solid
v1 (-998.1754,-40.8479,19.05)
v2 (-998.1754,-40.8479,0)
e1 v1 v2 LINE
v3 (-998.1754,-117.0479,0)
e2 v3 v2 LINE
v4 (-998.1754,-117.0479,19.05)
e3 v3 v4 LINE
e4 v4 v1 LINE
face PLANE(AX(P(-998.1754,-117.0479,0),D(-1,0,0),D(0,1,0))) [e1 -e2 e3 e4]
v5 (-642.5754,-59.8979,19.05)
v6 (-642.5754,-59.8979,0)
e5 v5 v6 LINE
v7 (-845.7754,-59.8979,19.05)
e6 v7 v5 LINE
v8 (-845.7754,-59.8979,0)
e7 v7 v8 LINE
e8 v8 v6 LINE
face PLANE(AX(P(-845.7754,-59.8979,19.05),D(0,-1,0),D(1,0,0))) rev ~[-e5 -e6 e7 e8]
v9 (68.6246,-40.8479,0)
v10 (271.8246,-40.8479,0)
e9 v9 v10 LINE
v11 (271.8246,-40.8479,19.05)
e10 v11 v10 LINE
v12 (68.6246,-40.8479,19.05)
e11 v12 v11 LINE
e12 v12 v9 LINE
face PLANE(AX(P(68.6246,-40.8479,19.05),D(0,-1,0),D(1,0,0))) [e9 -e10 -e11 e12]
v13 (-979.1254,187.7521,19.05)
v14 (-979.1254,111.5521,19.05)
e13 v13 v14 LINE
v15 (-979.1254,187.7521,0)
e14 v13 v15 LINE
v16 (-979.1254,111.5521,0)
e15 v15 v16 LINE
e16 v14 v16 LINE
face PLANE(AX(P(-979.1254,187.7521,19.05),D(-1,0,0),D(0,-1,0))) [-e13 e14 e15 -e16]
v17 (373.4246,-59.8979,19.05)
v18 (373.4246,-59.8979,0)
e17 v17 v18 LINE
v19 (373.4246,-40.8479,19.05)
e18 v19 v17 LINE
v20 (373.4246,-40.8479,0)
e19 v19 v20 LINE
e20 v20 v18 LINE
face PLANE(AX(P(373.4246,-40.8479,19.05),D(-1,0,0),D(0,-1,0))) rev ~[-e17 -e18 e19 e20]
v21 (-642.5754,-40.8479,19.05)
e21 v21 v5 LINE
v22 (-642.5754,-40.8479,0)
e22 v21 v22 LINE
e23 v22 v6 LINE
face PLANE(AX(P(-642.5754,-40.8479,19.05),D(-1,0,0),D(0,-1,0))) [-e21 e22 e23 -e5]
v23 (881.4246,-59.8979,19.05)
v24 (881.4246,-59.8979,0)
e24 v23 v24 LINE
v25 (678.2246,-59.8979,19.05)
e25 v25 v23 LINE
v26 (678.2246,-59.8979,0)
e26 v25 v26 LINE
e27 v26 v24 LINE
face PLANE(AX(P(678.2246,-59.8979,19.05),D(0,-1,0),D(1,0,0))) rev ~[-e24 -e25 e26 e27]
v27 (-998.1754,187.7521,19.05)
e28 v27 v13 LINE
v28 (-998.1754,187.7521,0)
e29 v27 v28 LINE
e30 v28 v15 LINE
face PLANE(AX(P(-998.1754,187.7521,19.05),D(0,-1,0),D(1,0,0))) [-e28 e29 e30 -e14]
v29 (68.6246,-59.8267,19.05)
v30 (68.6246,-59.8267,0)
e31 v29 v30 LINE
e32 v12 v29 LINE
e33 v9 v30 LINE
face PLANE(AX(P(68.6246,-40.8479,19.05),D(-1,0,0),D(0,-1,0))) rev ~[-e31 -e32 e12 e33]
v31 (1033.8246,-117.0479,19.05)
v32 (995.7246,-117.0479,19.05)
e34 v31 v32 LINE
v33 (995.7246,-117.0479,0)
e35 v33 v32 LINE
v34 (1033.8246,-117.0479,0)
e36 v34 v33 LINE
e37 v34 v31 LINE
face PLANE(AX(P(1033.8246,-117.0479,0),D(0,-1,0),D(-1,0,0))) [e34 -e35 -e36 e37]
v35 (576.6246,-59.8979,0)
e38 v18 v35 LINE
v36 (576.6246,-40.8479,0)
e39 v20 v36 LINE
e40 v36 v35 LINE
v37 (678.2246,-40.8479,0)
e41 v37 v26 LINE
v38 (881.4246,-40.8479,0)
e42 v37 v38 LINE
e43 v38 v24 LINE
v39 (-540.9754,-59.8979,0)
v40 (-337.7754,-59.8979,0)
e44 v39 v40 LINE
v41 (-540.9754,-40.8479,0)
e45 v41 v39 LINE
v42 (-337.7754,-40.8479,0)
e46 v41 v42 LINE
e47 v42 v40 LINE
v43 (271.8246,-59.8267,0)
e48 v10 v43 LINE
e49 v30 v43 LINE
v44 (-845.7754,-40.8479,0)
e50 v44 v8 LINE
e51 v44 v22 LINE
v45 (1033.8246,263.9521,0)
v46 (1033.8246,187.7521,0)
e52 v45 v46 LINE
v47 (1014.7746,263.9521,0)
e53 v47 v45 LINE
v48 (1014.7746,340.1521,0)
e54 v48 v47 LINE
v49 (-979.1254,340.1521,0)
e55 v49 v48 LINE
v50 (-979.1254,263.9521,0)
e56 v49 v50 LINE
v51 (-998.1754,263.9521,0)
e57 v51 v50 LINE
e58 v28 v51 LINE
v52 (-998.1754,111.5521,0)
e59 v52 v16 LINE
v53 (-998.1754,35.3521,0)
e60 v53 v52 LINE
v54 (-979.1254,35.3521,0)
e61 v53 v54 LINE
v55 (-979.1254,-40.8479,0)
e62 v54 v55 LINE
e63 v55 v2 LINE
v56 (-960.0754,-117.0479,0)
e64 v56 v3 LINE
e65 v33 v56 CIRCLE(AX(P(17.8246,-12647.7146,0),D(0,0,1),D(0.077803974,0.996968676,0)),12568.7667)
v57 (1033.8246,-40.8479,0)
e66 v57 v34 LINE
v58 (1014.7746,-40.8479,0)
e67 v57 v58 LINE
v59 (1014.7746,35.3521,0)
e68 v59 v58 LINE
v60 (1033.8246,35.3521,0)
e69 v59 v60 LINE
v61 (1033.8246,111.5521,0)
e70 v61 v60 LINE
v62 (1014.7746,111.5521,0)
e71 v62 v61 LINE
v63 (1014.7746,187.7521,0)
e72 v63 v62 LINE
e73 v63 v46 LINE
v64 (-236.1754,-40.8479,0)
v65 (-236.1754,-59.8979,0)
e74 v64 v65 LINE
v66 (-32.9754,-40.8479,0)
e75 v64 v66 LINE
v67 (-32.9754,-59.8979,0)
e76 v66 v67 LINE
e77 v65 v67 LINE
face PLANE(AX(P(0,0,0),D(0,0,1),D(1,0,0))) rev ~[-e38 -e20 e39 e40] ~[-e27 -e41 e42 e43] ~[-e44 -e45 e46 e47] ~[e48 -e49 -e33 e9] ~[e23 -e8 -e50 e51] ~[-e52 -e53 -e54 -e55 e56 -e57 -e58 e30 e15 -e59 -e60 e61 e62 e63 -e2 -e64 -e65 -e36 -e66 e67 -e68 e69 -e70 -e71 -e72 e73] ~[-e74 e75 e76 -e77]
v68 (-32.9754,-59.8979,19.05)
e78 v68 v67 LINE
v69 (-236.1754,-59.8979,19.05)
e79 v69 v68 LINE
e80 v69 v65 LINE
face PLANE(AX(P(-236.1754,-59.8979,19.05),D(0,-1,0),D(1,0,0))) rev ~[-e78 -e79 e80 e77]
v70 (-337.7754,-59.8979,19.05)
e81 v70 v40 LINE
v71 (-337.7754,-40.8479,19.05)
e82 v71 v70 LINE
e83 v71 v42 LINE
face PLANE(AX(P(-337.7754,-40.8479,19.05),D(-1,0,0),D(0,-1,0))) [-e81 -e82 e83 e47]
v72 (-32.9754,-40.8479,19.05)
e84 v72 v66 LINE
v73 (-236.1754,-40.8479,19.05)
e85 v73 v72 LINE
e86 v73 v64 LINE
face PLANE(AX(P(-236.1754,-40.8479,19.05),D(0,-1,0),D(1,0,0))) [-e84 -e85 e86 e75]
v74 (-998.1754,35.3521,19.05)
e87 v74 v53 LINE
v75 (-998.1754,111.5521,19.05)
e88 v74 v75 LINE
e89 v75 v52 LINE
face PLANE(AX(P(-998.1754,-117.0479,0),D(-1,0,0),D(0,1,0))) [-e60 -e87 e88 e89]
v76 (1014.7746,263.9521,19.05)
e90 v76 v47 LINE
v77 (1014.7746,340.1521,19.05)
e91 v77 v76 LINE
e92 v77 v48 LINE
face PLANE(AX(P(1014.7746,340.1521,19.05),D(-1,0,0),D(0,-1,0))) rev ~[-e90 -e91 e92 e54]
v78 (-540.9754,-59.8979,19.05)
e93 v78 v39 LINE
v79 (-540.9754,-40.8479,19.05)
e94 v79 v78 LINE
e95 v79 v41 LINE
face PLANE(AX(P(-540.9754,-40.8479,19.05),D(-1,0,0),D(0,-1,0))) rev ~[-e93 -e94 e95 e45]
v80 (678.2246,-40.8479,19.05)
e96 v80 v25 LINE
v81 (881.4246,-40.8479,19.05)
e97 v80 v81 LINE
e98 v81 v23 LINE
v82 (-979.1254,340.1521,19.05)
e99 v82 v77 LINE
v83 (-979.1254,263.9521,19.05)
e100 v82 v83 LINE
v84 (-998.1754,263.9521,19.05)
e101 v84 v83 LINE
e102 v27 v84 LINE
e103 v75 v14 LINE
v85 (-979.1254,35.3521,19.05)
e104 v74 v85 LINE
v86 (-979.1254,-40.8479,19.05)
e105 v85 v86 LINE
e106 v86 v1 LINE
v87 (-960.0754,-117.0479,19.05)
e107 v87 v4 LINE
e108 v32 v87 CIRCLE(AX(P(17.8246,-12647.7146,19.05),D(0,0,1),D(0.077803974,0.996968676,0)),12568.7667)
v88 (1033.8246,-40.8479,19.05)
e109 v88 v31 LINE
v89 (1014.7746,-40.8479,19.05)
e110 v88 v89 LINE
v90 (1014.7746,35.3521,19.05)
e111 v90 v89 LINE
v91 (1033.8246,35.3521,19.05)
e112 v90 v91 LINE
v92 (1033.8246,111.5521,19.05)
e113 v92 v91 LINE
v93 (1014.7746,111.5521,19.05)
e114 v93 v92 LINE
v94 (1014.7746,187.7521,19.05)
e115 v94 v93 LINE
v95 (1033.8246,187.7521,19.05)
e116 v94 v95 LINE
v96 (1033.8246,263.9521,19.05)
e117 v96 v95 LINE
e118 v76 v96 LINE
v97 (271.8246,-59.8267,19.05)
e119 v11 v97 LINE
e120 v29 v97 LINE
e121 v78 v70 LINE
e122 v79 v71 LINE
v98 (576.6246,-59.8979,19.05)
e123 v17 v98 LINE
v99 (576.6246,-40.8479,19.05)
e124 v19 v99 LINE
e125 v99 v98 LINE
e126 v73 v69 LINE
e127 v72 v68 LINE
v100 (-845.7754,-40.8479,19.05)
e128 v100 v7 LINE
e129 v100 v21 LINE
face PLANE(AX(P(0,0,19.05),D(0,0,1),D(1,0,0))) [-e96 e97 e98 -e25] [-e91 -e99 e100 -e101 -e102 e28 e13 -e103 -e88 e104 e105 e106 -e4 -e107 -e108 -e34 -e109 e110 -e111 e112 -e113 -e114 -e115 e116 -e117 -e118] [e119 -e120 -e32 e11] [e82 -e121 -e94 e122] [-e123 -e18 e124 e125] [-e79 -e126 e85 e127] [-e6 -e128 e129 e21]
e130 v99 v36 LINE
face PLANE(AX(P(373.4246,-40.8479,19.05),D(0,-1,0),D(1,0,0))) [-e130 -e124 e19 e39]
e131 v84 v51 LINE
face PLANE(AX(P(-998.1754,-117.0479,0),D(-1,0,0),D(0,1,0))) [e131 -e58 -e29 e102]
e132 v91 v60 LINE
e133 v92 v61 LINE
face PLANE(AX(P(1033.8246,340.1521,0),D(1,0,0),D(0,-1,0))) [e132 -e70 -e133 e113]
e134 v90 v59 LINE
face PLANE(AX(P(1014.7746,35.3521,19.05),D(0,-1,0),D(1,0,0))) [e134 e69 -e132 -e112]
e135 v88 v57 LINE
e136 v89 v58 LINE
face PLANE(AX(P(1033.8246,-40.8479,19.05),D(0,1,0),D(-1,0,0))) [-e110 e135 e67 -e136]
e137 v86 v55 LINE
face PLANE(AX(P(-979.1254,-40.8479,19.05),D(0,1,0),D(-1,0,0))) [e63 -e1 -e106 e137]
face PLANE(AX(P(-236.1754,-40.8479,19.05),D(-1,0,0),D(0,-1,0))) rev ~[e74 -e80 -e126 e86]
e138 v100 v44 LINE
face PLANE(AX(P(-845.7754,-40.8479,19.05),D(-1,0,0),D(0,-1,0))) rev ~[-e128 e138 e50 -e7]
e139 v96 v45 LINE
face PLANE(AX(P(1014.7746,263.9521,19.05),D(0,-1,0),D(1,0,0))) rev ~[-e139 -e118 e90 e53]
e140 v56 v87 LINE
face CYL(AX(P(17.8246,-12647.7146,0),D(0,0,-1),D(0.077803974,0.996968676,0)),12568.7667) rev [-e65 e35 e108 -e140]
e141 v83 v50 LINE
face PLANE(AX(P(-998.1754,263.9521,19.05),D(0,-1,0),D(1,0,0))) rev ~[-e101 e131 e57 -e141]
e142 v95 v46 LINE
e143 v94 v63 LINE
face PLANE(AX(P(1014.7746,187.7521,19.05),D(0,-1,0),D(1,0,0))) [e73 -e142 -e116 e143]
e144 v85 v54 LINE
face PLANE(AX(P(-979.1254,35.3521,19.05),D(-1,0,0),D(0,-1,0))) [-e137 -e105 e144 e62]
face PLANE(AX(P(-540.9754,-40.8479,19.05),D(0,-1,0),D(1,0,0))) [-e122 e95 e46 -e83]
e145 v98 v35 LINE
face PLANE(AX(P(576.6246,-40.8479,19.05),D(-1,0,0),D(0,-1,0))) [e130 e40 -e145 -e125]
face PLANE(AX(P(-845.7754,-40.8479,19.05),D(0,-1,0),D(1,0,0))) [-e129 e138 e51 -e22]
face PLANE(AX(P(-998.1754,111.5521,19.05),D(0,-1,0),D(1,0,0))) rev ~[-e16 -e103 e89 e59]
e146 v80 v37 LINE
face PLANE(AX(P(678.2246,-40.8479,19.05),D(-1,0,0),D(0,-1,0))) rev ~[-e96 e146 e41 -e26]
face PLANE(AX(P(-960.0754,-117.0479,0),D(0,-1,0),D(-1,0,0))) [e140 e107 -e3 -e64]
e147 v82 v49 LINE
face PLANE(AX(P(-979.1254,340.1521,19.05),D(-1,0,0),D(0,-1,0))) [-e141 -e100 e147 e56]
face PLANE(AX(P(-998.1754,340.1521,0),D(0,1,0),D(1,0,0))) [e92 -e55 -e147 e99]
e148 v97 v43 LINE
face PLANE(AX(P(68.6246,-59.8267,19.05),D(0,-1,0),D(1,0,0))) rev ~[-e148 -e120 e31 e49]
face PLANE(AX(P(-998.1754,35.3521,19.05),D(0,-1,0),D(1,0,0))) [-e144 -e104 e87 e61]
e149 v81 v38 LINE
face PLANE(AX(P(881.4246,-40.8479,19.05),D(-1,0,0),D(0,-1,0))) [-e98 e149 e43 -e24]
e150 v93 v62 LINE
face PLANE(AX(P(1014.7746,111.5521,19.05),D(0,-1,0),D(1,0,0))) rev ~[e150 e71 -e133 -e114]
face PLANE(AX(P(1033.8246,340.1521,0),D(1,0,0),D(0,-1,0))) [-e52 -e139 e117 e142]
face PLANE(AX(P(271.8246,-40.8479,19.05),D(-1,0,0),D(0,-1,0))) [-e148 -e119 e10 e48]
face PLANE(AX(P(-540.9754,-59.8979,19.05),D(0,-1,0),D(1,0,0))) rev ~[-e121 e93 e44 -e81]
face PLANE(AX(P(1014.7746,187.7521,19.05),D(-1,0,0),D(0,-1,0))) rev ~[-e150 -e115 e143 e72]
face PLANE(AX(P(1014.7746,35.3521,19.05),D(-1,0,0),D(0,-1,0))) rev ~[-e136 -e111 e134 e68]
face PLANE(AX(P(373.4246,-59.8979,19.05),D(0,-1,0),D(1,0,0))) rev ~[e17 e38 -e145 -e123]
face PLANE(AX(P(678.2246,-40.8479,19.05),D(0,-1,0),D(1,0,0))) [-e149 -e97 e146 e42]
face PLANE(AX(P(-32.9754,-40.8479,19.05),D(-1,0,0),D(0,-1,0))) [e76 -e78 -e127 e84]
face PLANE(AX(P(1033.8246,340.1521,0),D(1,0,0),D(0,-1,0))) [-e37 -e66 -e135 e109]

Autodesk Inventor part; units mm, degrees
ref_plane "YZ Plane" through (0, 0, 0) normal (1, 0, 0) x (0, 1, 0)
ref_plane "XZ Plane" through (0, 0, 0) normal (0, 1, 0) x (-1, 0, 0)
ref_plane "XY Plane" through (0, 0, 0) normal (0, 0, 1) x (1, 0, 0)
sketch "Sketch1" plane through (0, 0, 0) normal (0, 0, 1) x (1, 0, 0)
  line L0 (-998.1754, 340.1521) -> (1033.8246, 340.1521)
  line L1 (1033.8246, 340.1521) -> (1033.8246, -117.0479)
  line L2 (-998.1754, -117.0479) -> (-998.1754, 340.1521)
  arc A0 (995.7246, -117.0479) -> (-960.0754, -117.0479) centre (17.8246, -12647.7146) ccw
  line L3 (1033.8246, -117.0479) -> (995.7246, -117.0479)
  line L4 (-960.0754, -117.0479) -> (-998.1754, -117.0479)
  point P0 (0, 0)
  dimension "d0" = 2032
  dimension "d1" = 457.2
extrude "Extrusion1" add sketch "Sketch1" along normal blind 19.05
sketch "Sketch2" plane through (0, 0, 19.05) normal (0, 0, 1) x (1, 0, 0)
  line L0 (1033.8246, 340.1521) -> (-998.1754, 340.1521) projected
  line L1 (-998.1754, -117.0479) -> (-960.0754, -117.0479) projected
  line L2 (-998.1754, 340.1521) -> (-979.1254, 340.1521)
  line L3 (-979.1254, 340.1521) -> (-979.1254, -117.0479)
  line L4 (-979.1254, -117.0479) -> (-998.1754, -117.0479)
  line L5 (-998.1754, -117.0479) -> (-998.1754, 340.1521)
  line L6 (1033.8246, -117.0479) -> (1033.8246, 340.1521) projected
  line L7 (1033.8246, 340.1521) -> (1014.7746, 340.1521)
  line L8 (1014.7746, 340.1521) -> (1014.7746, -117.0479)
  line L9 (1014.7746, -117.0479) -> (1033.8246, -117.0479)
  line L10 (1033.8246, -117.0479) -> (1033.8246, 340.1521)
  line L11 (-998.1754, 340.1521) -> (-998.1754, -117.0479) projected
  line L12 (-998.1754, 263.9521) -> (-979.1254, 263.9521)
  line L13 (1014.7746, 263.9521) -> (1033.8246, 263.9521)
  line L14 (-998.1754, 187.7521) -> (-979.1254, 187.7521)
  line L15 (1014.7746, 187.7521) -> (1033.8246, 187.7521)
  line L16 (-998.1754, 111.5521) -> (-979.1254, 111.5521)
  line L17 (1014.7746, 111.5521) -> (1033.8246, 111.5521)
  line L18 (-998.1754, 35.3521) -> (-979.1254, 35.3521)
  line L19 (1014.7746, 35.3521) -> (1033.8246, 35.3521)
  line L20 (1033.8246, -40.8479) -> (1014.7746, -40.8479)
  line L21 (-979.1254, -40.8479) -> (-998.1754, -40.8479)
  point P0 (0, 0)
  dimension "d7" = 19.05
  dimension "d8" = 19.05
extrude "Extrusion2" cut sketch "Sketch2" against normal blind 19.05 contours L6 L13 L8 L0 | L3 L12 L5 L0 | L6 L17 L8 L15 | L3 L16 L5 L14 | L6 L20 L8 L19 | L3 L21 L5 L18
sketch "Sketch4" plane through (0, 0, 19.05) normal (0, 0, 1) x (1, 0, 0)
  line L0 (-845.7754, -40.8479) -> (-845.7754, -59.8979)
  line L1 (-998.1754, 111.5521) -> (-998.1754, 35.3521) projected
  line L2 (-642.5754, -40.8479) -> (-642.5754, -59.8979)
  line L3 (-540.9754, -40.8479) -> (-540.9754, -59.8979)
  line L4 (-337.7754, -40.8479) -> (-337.7754, -59.8979)
  line L5 (-236.1754, -40.8479) -> (-236.1754, -59.8979)
  line L6 (-32.9754, -40.8479) -> (-32.9754, -59.8979)
  line L7 (68.6246, -40.8479) -> (68.6246, -59.8267)
  line L8 (271.8246, -40.8479) -> (271.8246, -59.8267)
  line L9 (373.4246, -40.8479) -> (373.4246, -59.8979)
  line L10 (576.6246, -40.8479) -> (576.6246, -59.8979)
  line L11 (678.2246, -40.8479) -> (678.2246, -59.8979)
  line L12 (881.4246, -40.8479) -> (881.4246, -59.8979)
  arc A0 (995.7246, -117.0479) -> (-960.0754, -117.0479) centre (17.8246, -12647.7146) ccw projected
  line L13 (-998.1754, -40.8479) -> (-998.1754, -117.0479) projected
  line L14 (1014.7746, 340.1521) -> (-979.1254, 340.1521) projected
  line L15 (1014.7746, 340.1521) -> (1014.7746, 263.9521) projected
  line L16 (-979.1254, 340.1521) -> (1014.7746, 340.1521)
  line L17 (-845.7754, -40.8479) -> (-642.5754, -40.8479)
  line L18 (-845.7754, -59.8979) -> (-642.5754, -59.8979)
  line L19 (-540.9754, -59.8979) -> (-337.7754, -59.8979)
  line L20 (-540.9754, -40.8479) -> (-337.7754, -40.8479)
  line L21 (-236.1754, -40.8479) -> (-32.9754, -40.8479)
  line L22 (68.6246, -40.8479) -> (271.8246, -40.8479)
  line L23 (373.4246, -59.8979) -> (576.6246, -59.8979)
  line L24 (678.2246, -59.8979) -> (881.4246, -59.8979)
  line L25 (373.4246, -40.8479) -> (576.6246, -40.8479)
  line L26 (678.2246, -40.8479) -> (881.4246, -40.8479)
  line L27 (-236.1754, -59.8979) -> (-32.9754, -59.8979)
  line L28 (68.6246, -59.8267) -> (271.8246, -59.8267)
  point P0 (0, 0)
  dimension "d18" = 152.4
  dimension "d19" = 203.2
  dimension "d26" = 457.2
  dimension "d27" = 203.2
  dimension "d28" = 101.6
  dimension "d29" = 203.2
  dimension "d30" = 101.6
  dimension "d31" = 101.6
  dimension "d32" = 101.6
  dimension "d33" = 203.2
  dimension "d34" = 203.2
  dimension "d35" = 203.2
extrude "Extrusion4" cut sketch "Sketch4" against normal blind 25.4
properties part number "back" material "Wood (Birch)"
